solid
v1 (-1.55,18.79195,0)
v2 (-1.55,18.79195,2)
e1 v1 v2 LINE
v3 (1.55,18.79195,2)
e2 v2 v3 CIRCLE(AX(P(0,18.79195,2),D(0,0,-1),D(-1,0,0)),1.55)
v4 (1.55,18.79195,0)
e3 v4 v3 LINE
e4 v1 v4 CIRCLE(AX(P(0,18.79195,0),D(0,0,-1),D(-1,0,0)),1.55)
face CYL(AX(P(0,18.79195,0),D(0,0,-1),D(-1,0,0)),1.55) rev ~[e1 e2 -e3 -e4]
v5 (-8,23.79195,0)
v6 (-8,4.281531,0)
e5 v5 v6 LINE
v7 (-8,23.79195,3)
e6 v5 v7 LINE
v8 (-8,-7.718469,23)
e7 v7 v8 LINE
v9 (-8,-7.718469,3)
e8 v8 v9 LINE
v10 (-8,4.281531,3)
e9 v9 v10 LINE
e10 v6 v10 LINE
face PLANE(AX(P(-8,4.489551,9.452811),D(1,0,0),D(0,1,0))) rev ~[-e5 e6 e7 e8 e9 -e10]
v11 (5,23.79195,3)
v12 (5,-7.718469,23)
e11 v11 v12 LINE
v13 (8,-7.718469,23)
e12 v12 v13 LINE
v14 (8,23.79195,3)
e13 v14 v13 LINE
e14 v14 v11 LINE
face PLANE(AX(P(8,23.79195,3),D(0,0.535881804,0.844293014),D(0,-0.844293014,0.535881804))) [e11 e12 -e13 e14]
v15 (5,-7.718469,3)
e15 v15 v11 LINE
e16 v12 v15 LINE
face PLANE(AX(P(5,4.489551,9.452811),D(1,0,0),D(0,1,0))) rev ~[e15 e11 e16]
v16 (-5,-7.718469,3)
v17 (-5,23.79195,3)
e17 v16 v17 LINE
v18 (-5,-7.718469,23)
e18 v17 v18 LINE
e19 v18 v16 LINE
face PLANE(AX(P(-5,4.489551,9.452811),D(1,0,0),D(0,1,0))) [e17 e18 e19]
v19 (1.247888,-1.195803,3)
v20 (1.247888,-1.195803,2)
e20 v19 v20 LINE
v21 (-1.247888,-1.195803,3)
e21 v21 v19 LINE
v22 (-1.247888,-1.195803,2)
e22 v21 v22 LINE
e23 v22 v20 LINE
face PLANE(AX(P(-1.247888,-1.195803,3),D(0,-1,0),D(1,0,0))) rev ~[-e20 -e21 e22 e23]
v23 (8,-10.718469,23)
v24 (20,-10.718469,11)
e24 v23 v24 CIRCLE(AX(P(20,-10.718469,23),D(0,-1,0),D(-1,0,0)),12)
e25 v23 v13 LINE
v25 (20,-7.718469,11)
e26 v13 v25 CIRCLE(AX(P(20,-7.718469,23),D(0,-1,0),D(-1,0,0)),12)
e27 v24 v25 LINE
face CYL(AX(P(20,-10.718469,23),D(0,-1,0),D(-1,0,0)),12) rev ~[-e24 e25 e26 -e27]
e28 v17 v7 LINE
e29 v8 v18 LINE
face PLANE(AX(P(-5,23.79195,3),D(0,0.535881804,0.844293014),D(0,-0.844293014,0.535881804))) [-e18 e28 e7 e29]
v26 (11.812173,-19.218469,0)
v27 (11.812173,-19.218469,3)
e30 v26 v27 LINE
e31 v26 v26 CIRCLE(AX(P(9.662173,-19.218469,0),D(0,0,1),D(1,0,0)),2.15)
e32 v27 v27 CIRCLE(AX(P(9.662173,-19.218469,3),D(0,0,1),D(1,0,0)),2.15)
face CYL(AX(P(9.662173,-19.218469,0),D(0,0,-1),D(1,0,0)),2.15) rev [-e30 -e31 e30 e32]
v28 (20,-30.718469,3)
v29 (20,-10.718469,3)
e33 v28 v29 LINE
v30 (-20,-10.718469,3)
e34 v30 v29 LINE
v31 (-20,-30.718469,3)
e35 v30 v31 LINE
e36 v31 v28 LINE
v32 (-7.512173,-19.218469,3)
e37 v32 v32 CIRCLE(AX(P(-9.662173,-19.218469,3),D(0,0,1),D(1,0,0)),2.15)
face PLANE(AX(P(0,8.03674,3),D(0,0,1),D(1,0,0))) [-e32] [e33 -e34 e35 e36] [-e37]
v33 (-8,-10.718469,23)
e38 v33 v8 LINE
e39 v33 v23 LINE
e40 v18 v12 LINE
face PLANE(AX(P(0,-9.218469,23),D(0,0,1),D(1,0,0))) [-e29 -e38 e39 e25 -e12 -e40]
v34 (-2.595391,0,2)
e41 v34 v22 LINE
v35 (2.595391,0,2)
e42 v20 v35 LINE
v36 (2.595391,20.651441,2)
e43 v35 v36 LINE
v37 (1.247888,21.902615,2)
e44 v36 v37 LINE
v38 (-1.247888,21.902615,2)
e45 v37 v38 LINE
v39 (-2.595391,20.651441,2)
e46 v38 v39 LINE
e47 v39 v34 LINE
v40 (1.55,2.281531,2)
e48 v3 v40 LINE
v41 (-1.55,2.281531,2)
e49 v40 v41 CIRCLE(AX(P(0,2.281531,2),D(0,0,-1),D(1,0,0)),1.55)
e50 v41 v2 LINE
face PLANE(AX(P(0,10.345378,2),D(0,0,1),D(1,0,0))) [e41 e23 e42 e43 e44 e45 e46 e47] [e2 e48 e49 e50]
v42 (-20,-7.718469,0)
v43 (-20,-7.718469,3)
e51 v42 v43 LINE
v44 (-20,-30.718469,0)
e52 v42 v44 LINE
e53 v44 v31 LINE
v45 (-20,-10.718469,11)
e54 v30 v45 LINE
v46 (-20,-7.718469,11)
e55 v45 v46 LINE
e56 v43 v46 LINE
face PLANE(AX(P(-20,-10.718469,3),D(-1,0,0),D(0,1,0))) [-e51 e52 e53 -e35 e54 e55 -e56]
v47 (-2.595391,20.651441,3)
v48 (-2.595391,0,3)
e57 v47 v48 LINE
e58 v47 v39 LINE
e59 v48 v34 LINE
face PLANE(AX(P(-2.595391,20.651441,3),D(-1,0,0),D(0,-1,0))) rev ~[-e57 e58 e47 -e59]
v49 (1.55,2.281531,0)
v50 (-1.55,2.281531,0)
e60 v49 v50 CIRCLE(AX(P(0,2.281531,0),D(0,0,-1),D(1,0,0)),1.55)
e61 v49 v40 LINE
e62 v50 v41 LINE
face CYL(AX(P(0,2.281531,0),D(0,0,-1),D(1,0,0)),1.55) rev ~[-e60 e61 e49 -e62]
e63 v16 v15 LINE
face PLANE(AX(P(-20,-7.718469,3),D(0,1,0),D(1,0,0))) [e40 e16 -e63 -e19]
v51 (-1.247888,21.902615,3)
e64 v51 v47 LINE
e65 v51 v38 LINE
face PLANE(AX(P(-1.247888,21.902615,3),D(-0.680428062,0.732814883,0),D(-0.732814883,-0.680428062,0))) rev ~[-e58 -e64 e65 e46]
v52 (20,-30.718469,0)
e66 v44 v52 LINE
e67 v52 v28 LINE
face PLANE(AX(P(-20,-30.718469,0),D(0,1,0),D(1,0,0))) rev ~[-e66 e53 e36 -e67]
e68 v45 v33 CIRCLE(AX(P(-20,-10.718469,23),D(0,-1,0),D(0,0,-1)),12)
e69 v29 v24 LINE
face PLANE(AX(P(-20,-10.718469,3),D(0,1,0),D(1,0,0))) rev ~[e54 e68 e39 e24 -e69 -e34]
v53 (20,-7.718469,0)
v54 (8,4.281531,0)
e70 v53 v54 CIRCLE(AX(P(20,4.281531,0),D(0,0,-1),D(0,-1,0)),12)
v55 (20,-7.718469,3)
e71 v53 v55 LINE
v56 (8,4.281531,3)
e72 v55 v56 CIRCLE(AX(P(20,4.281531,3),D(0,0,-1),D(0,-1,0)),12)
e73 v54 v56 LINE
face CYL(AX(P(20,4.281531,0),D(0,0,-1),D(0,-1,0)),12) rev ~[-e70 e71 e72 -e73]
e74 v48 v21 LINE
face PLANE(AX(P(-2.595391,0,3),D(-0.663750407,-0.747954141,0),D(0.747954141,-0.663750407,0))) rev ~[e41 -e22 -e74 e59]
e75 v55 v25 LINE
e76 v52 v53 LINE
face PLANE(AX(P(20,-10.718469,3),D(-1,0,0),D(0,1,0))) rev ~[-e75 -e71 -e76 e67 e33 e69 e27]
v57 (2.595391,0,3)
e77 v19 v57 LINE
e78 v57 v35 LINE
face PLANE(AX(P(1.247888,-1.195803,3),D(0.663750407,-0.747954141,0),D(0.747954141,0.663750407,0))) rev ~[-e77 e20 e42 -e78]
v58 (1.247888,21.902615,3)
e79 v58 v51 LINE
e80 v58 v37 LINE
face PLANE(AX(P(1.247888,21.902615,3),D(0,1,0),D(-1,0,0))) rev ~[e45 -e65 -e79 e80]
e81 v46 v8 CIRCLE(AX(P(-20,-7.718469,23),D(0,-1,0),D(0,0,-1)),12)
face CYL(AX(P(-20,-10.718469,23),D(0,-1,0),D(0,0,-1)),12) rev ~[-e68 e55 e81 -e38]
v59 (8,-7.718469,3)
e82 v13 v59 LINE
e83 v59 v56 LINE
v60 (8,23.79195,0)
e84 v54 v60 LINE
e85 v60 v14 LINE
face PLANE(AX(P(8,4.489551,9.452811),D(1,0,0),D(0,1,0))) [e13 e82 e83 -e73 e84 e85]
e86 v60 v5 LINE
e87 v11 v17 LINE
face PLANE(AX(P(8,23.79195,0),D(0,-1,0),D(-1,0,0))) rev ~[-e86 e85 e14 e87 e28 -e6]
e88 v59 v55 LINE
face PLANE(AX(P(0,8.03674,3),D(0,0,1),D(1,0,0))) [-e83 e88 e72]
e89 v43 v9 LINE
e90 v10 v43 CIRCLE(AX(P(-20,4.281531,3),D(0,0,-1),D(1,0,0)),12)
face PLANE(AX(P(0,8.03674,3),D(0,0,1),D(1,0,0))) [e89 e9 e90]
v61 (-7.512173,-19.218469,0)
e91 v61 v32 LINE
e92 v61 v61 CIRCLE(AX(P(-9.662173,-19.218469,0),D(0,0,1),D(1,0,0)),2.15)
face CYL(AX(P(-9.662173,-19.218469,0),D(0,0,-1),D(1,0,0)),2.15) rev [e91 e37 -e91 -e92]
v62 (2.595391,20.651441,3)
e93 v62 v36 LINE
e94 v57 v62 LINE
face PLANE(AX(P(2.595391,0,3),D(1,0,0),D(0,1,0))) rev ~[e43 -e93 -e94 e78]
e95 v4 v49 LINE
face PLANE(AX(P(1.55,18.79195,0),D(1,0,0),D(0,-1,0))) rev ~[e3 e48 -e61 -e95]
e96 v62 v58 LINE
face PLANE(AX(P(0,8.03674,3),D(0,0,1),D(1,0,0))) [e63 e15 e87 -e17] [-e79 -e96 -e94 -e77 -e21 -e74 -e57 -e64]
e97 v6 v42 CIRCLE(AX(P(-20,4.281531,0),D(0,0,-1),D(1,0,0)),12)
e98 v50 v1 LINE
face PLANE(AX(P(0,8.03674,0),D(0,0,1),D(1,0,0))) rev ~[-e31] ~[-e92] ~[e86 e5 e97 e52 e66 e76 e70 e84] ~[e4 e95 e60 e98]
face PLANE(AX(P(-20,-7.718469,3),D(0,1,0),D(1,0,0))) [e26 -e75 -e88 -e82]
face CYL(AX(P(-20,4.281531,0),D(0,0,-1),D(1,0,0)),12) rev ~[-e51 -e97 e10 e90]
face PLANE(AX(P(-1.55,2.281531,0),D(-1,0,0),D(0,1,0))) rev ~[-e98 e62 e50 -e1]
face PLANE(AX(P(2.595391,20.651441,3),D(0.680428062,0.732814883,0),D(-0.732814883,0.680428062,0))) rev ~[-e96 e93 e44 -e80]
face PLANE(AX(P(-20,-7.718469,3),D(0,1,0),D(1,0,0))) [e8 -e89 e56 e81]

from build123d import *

# Parameters (mm, degrees)
F0_R      = 2.15
F1_DEPTH  = 3
F2_W      = 40
F2_H      = 3
F3_DEPTH  = 20
F5_DEPTH  = 4
F7_START  = -12
F7_DEPTH  = 3
F8_START  = -25
F8_DEPTH  = 3
F10_DEPTH = 1


with BuildPart() as f1:
    # F0 (on Top) → F1 (new body)
    with BuildSketch(Plane.XY):
        Polygon((-8, 4.2815308196), (-8, -7.7184691804), (8, -7.7184691804), (8, 4.2815308196), (8, 23.7919500181), (-8, 23.7919500181), align=None)
        with BuildLine():
            ThreePointArc((-1.55, 18.7919500181), (0, 20.3419500181), (1.55, 18.7919500181))
            Line((1.55, 18.7919500181), (1.55, 2.2815308196))
            ThreePointArc((1.55, 2.2815308196), (0, 0.7315308196), (-1.55, 2.2815308196))
            Line((-1.55, 2.2815308196), (-1.55, 18.7919500181))
        make_face(mode=Mode.SUBTRACT)
        with BuildLine():
            ThreePointArc((-8, 4.2815308196), (-11.5147186258, -4.2037505546), (-20, -7.7184691804))
            Line((-20, -7.7184691804), (-8, -7.7184691804))
            Line((-8, -7.7184691804), (-8, 4.2815308196))
        make_face()
        with BuildLine():
            Line((8, 4.2815308196), (8, -7.7184691804))
            Line((8, -7.7184691804), (20, -7.7184691804))
            ThreePointArc((20, -7.7184691804), (11.5147186258, -4.2037505546), (8, 4.2815308196))
        make_face()
        Polygon((-8, -7.7184691804), (-20, -7.7184691804), (-20, -30.7184691804), (20, -30.7184691804), (20, -7.7184691804), (8, -7.7184691804), align=None)
        with Locations((-9.6621733536, -19.2184691804)):
            Circle(F0_R, mode=Mode.SUBTRACT)
        with Locations((9.6621733536, -19.2184691804)):
            Circle(F0_R, mode=Mode.SUBTRACT)
    extrude(amount=F1_DEPTH)

    # F2 (on face) → F3 (join)
    with BuildSketch(Plane.XY.offset(3)):
        with Locations((0, -9.2184691804)):
            Rectangle(F2_W, F2_H)
    extrude(amount=F3_DEPTH)

    # F4 (on face) → F5 (cut)
    with BuildSketch(Plane.XZ.offset(10.7184691804)):
        with BuildLine():
            Line((-20, 23), (-20, 11))
            ThreePointArc((-20, 11), (-11.5147186258, 14.5147186258), (-8, 23))
            Line((-8, 23), (-20, 23))
        make_face()
        with BuildLine():
            Line((20, 23), (8, 23))
            ThreePointArc((8, 23), (11.5147186258, 14.5147186258), (20, 11))
            Line((20, 11), (20, 23))
        make_face()
    extrude(amount=-F5_DEPTH, mode=Mode.SUBTRACT)

    # F6 (on face) → F7 (join)
    with BuildSketch(Plane.YZ.offset(20).offset(F7_START)):
        Polygon((23.7919500181, 3), (-7.7184691804, 23), (-7.7184691804, 11), (-7.7184691804, 3), align=None)
    extrude(amount=-F7_DEPTH)

    # F6 (on face) → F8 (join)
    with BuildSketch(Plane.YZ.offset(20).offset(F8_START)):
        Polygon((23.7919500181, 3), (-7.7184691804, 23), (-7.7184691804, 3), align=None)
    extrude(amount=-F8_DEPTH)

    # F9 (on face) → F10 (cut)
    with BuildSketch(Plane.XY.offset(3)):
        Polygon((1.2478875427, 21.9026152913), (-1.2478875427, 21.9026152913), (-2.5953908917, 20.6514410675), (-2.5953908917, 0), (-1.2478875427, -1.1958031218), (1.2478875427, -1.1958031218), (2.5953908917, 0), (2.5953908917, 20.6514410675), align=None)
        with BuildLine():
            Line((-1.55, 2.2815308196), (-1.55, 18.7919500181))
            ThreePointArc((-1.55, 18.7919500181), (0, 20.3419500181), (1.55, 18.7919500181))
            Line((1.55, 18.7919500181), (1.55, 2.2815308196))
            ThreePointArc((1.55, 2.2815308196), (0, 0.7315308196), (-1.55, 2.2815308196))
        make_face(mode=Mode.SUBTRACT)
    extrude(amount=-F10_DEPTH, mode=Mode.SUBTRACT)


solid = f1.part
